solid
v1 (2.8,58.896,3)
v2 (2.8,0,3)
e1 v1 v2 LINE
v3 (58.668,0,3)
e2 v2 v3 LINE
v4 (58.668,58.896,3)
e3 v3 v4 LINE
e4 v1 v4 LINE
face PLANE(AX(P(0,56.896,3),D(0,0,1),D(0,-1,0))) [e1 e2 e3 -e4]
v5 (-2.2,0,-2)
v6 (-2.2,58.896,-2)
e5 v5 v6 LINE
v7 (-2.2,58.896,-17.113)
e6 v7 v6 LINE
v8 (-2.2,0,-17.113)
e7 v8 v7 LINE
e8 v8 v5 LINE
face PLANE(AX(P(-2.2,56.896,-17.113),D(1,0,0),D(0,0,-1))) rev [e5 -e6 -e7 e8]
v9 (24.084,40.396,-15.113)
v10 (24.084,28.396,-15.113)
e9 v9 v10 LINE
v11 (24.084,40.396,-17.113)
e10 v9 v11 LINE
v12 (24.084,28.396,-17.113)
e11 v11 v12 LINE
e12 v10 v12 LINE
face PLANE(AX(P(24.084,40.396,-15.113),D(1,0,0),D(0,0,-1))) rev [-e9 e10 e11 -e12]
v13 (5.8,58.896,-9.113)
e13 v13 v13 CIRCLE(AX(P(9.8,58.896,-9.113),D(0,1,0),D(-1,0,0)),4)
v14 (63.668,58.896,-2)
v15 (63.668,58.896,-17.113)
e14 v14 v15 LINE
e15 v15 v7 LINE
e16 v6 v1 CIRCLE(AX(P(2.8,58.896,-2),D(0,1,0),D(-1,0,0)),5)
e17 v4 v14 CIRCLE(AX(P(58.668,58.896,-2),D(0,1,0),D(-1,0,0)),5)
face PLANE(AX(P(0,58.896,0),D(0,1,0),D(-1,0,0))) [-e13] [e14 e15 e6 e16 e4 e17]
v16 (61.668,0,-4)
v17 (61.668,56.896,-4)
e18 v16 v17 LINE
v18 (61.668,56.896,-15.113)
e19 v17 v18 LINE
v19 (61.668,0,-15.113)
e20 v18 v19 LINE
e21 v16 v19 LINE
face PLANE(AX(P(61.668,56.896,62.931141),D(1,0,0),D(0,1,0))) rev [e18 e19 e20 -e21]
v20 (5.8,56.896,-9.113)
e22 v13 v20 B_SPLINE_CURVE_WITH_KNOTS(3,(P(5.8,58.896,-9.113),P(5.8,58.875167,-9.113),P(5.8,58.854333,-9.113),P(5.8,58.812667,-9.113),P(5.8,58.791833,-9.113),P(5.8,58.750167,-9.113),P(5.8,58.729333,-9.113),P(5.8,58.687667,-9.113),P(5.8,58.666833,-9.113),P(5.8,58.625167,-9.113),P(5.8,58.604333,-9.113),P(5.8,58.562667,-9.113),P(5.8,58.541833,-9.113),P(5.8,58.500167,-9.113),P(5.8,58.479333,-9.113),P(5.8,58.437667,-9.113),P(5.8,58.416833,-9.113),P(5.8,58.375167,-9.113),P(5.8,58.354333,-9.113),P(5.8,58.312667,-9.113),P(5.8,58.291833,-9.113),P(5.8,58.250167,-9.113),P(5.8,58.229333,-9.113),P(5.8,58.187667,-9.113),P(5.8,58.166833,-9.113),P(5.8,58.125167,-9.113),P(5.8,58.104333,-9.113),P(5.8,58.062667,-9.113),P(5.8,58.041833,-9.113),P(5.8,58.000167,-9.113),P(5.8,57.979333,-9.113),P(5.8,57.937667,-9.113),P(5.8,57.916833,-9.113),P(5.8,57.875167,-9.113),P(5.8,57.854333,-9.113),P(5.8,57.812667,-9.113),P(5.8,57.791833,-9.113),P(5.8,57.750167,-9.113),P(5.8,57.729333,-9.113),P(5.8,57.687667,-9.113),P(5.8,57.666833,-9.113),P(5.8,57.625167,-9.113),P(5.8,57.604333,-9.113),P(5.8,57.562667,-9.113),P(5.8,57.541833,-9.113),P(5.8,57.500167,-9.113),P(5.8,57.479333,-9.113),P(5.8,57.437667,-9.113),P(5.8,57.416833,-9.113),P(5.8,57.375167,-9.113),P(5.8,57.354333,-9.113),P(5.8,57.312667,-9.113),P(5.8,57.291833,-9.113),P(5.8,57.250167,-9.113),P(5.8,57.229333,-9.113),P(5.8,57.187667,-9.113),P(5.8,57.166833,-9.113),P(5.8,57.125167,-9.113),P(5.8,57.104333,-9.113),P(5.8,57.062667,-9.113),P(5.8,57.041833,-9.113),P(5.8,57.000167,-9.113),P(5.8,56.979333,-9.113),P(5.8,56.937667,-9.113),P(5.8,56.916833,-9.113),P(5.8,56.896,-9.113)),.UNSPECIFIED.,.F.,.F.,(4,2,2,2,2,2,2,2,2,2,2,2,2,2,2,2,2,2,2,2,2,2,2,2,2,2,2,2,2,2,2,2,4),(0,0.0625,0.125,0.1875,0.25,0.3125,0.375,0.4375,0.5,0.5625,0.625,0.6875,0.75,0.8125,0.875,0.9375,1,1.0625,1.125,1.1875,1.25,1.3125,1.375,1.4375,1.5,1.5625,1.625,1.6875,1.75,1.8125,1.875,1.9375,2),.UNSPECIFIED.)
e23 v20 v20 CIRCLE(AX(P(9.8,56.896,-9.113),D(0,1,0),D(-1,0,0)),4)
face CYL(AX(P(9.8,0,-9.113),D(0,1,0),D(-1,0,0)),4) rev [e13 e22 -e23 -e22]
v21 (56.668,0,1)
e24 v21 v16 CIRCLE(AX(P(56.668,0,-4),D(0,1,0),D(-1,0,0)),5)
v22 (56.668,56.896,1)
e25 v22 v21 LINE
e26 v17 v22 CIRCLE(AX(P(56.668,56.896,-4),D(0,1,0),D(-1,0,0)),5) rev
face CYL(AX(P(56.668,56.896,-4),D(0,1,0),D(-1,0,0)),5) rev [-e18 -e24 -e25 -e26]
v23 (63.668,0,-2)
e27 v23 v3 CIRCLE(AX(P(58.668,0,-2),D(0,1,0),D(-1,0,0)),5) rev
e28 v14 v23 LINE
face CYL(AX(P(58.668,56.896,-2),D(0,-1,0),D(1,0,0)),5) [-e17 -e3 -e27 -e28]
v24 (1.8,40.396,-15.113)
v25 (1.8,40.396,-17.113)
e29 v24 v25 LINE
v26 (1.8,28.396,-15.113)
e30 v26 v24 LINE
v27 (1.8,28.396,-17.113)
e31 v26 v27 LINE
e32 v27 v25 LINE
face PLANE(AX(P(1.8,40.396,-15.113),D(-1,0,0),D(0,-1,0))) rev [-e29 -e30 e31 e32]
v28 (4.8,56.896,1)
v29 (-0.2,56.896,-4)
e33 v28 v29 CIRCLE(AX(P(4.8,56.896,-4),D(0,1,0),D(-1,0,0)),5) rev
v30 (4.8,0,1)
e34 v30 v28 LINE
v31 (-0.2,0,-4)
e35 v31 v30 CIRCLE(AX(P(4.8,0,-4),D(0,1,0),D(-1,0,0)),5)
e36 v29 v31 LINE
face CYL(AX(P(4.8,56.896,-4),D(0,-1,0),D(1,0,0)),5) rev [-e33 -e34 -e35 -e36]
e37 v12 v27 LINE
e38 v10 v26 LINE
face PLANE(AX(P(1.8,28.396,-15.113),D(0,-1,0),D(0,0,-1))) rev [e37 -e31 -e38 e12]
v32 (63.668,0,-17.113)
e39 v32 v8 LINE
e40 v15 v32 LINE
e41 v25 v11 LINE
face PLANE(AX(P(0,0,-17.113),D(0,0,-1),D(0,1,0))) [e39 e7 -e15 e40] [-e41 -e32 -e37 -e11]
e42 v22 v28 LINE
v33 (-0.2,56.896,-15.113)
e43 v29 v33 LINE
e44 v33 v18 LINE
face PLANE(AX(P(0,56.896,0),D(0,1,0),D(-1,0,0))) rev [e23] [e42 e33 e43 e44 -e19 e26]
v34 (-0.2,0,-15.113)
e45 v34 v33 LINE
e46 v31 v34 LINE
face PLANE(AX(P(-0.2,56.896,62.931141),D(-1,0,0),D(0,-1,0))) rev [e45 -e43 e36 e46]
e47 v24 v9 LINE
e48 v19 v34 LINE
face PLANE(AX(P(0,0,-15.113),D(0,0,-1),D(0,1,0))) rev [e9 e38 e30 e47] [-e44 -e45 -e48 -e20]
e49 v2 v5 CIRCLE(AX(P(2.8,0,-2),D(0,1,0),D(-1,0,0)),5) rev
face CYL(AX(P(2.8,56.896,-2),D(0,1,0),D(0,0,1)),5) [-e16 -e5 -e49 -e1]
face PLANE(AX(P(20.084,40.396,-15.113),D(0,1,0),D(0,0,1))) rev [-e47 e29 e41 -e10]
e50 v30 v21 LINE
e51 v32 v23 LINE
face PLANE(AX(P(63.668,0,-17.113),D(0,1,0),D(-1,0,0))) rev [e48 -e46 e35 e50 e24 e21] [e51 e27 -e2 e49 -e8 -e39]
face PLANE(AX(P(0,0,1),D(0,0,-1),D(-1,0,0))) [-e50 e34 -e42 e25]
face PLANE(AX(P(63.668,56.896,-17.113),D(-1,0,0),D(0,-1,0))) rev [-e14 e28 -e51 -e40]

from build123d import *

# Parameters (mm, degrees)
SKETCH_1_W               = 65.868
SKETCH_1_H               = 56.896
EXTRUDE_1_DEPTH          = 2
CUT_EXTRUDE_1_DEPTH      = 86.409420089
CUT_EXTRUDE_1_DEPTH_BACK = 86.409420089
SKETCH_3_W               = 2
SKETCH_3_H               = 56.896
EXTRUDE_2_DEPTH          = 18.113
SKETCH_4_W               = 65.868
SKETCH_4_H               = 56.896
EXTRUDE_3_DEPTH          = 2
SKETCH_5_W               = 65.868
SKETCH_5_H               = 20.113
EXTRUDE_4_DEPTH          = 2
FILLET_1_R               = 5
CUT_EXTRUDE_2_DEPTH      = 89.403664002
CUT_EXTRUDE_2_DEPTH_BACK = 89.403664002
SKETCH_6_R               = 4


with BuildPart() as part:
    # Эскиз1 → Бобышка-Вытянуть1 (new body)
    with BuildSketch(Plane(origin=(0, 0, -15.113), x_dir=(-1, 0, 0), z_dir=(0, 0, -1))):
        with Locations((-30.734, 28.448)):
            Rectangle(SKETCH_1_W, SKETCH_1_H)
    extrude(amount=EXTRUDE_1_DEPTH)

    # Эскиз2 → Вырез-Вытянуть1 (cut, two sides: drawn at the far end of the back side and taken through both)
    with BuildSketch(Plane(origin=(0, 0, -17.113), x_dir=(-1, 0, 0), z_dir=(0, 0, -1)).offset(-CUT_EXTRUDE_1_DEPTH_BACK)):
        Polygon((-20.084, 40.396), (-1.8, 40.396), (-1.8, 28.396), (-20.084, 28.396), (-24.084, 28.396), (-24.084, 40.396), align=None)
    extrude(amount=CUT_EXTRUDE_1_DEPTH + CUT_EXTRUDE_1_DEPTH_BACK, mode=Mode.SUBTRACT)

    # Эскиз3 → Бобышка-Вытянуть2 (add)
    with BuildSketch(Plane.XY.offset(-15.113)):
        with Locations((-1.2, 28.448)):
            Rectangle(SKETCH_3_W, SKETCH_3_H)
        with Locations((62.668, 28.448)):
            Rectangle(SKETCH_3_W, SKETCH_3_H)
    extrude(amount=EXTRUDE_2_DEPTH)

    # Эскиз4 → Бобышка-Вытянуть3 (add)
    with BuildSketch(Plane.XY.offset(3)):
        with Locations((30.734, 28.448)):
            Rectangle(SKETCH_4_W, SKETCH_4_H)
    extrude(amount=-EXTRUDE_3_DEPTH)

    # Эскиз5 → Бобышка-Вытянуть4 (add)
    with BuildSketch(Plane(origin=(0, 56.896, 0), x_dir=(1, 0, 0), z_dir=(0, 1, 0))):
        with Locations((30.734, 7.0565)):
            Rectangle(SKETCH_5_W, SKETCH_5_H)
    extrude(amount=EXTRUDE_4_DEPTH)

    # Скругление1
    fillet_1_edges = [part.edges().sort_by_distance(p)[0] for p in [
        (-2.2, 29.448, 3),
        (63.668, 29.448, 3),
        (61.668, 28.448, 1),
        (-0.2, 28.448, 1),
    ]]
    fillet(fillet_1_edges, radius=FILLET_1_R)

    # Эскиз6 → Вырез-Вытянуть2 (cut, two sides: drawn at the far end of the back side and taken through both)
    with BuildSketch(Plane(origin=(0, 58.896, 0), x_dir=(1, 0, 0), z_dir=(0, 1, 0)).offset(-CUT_EXTRUDE_2_DEPTH_BACK)):
        with Locations(Location((9.8, 9.113, 0), (0, 0, 180))):
            Circle(SKETCH_6_R)
    extrude(amount=CUT_EXTRUDE_2_DEPTH + CUT_EXTRUDE_2_DEPTH_BACK, mode=Mode.SUBTRACT)


solid = part.part
